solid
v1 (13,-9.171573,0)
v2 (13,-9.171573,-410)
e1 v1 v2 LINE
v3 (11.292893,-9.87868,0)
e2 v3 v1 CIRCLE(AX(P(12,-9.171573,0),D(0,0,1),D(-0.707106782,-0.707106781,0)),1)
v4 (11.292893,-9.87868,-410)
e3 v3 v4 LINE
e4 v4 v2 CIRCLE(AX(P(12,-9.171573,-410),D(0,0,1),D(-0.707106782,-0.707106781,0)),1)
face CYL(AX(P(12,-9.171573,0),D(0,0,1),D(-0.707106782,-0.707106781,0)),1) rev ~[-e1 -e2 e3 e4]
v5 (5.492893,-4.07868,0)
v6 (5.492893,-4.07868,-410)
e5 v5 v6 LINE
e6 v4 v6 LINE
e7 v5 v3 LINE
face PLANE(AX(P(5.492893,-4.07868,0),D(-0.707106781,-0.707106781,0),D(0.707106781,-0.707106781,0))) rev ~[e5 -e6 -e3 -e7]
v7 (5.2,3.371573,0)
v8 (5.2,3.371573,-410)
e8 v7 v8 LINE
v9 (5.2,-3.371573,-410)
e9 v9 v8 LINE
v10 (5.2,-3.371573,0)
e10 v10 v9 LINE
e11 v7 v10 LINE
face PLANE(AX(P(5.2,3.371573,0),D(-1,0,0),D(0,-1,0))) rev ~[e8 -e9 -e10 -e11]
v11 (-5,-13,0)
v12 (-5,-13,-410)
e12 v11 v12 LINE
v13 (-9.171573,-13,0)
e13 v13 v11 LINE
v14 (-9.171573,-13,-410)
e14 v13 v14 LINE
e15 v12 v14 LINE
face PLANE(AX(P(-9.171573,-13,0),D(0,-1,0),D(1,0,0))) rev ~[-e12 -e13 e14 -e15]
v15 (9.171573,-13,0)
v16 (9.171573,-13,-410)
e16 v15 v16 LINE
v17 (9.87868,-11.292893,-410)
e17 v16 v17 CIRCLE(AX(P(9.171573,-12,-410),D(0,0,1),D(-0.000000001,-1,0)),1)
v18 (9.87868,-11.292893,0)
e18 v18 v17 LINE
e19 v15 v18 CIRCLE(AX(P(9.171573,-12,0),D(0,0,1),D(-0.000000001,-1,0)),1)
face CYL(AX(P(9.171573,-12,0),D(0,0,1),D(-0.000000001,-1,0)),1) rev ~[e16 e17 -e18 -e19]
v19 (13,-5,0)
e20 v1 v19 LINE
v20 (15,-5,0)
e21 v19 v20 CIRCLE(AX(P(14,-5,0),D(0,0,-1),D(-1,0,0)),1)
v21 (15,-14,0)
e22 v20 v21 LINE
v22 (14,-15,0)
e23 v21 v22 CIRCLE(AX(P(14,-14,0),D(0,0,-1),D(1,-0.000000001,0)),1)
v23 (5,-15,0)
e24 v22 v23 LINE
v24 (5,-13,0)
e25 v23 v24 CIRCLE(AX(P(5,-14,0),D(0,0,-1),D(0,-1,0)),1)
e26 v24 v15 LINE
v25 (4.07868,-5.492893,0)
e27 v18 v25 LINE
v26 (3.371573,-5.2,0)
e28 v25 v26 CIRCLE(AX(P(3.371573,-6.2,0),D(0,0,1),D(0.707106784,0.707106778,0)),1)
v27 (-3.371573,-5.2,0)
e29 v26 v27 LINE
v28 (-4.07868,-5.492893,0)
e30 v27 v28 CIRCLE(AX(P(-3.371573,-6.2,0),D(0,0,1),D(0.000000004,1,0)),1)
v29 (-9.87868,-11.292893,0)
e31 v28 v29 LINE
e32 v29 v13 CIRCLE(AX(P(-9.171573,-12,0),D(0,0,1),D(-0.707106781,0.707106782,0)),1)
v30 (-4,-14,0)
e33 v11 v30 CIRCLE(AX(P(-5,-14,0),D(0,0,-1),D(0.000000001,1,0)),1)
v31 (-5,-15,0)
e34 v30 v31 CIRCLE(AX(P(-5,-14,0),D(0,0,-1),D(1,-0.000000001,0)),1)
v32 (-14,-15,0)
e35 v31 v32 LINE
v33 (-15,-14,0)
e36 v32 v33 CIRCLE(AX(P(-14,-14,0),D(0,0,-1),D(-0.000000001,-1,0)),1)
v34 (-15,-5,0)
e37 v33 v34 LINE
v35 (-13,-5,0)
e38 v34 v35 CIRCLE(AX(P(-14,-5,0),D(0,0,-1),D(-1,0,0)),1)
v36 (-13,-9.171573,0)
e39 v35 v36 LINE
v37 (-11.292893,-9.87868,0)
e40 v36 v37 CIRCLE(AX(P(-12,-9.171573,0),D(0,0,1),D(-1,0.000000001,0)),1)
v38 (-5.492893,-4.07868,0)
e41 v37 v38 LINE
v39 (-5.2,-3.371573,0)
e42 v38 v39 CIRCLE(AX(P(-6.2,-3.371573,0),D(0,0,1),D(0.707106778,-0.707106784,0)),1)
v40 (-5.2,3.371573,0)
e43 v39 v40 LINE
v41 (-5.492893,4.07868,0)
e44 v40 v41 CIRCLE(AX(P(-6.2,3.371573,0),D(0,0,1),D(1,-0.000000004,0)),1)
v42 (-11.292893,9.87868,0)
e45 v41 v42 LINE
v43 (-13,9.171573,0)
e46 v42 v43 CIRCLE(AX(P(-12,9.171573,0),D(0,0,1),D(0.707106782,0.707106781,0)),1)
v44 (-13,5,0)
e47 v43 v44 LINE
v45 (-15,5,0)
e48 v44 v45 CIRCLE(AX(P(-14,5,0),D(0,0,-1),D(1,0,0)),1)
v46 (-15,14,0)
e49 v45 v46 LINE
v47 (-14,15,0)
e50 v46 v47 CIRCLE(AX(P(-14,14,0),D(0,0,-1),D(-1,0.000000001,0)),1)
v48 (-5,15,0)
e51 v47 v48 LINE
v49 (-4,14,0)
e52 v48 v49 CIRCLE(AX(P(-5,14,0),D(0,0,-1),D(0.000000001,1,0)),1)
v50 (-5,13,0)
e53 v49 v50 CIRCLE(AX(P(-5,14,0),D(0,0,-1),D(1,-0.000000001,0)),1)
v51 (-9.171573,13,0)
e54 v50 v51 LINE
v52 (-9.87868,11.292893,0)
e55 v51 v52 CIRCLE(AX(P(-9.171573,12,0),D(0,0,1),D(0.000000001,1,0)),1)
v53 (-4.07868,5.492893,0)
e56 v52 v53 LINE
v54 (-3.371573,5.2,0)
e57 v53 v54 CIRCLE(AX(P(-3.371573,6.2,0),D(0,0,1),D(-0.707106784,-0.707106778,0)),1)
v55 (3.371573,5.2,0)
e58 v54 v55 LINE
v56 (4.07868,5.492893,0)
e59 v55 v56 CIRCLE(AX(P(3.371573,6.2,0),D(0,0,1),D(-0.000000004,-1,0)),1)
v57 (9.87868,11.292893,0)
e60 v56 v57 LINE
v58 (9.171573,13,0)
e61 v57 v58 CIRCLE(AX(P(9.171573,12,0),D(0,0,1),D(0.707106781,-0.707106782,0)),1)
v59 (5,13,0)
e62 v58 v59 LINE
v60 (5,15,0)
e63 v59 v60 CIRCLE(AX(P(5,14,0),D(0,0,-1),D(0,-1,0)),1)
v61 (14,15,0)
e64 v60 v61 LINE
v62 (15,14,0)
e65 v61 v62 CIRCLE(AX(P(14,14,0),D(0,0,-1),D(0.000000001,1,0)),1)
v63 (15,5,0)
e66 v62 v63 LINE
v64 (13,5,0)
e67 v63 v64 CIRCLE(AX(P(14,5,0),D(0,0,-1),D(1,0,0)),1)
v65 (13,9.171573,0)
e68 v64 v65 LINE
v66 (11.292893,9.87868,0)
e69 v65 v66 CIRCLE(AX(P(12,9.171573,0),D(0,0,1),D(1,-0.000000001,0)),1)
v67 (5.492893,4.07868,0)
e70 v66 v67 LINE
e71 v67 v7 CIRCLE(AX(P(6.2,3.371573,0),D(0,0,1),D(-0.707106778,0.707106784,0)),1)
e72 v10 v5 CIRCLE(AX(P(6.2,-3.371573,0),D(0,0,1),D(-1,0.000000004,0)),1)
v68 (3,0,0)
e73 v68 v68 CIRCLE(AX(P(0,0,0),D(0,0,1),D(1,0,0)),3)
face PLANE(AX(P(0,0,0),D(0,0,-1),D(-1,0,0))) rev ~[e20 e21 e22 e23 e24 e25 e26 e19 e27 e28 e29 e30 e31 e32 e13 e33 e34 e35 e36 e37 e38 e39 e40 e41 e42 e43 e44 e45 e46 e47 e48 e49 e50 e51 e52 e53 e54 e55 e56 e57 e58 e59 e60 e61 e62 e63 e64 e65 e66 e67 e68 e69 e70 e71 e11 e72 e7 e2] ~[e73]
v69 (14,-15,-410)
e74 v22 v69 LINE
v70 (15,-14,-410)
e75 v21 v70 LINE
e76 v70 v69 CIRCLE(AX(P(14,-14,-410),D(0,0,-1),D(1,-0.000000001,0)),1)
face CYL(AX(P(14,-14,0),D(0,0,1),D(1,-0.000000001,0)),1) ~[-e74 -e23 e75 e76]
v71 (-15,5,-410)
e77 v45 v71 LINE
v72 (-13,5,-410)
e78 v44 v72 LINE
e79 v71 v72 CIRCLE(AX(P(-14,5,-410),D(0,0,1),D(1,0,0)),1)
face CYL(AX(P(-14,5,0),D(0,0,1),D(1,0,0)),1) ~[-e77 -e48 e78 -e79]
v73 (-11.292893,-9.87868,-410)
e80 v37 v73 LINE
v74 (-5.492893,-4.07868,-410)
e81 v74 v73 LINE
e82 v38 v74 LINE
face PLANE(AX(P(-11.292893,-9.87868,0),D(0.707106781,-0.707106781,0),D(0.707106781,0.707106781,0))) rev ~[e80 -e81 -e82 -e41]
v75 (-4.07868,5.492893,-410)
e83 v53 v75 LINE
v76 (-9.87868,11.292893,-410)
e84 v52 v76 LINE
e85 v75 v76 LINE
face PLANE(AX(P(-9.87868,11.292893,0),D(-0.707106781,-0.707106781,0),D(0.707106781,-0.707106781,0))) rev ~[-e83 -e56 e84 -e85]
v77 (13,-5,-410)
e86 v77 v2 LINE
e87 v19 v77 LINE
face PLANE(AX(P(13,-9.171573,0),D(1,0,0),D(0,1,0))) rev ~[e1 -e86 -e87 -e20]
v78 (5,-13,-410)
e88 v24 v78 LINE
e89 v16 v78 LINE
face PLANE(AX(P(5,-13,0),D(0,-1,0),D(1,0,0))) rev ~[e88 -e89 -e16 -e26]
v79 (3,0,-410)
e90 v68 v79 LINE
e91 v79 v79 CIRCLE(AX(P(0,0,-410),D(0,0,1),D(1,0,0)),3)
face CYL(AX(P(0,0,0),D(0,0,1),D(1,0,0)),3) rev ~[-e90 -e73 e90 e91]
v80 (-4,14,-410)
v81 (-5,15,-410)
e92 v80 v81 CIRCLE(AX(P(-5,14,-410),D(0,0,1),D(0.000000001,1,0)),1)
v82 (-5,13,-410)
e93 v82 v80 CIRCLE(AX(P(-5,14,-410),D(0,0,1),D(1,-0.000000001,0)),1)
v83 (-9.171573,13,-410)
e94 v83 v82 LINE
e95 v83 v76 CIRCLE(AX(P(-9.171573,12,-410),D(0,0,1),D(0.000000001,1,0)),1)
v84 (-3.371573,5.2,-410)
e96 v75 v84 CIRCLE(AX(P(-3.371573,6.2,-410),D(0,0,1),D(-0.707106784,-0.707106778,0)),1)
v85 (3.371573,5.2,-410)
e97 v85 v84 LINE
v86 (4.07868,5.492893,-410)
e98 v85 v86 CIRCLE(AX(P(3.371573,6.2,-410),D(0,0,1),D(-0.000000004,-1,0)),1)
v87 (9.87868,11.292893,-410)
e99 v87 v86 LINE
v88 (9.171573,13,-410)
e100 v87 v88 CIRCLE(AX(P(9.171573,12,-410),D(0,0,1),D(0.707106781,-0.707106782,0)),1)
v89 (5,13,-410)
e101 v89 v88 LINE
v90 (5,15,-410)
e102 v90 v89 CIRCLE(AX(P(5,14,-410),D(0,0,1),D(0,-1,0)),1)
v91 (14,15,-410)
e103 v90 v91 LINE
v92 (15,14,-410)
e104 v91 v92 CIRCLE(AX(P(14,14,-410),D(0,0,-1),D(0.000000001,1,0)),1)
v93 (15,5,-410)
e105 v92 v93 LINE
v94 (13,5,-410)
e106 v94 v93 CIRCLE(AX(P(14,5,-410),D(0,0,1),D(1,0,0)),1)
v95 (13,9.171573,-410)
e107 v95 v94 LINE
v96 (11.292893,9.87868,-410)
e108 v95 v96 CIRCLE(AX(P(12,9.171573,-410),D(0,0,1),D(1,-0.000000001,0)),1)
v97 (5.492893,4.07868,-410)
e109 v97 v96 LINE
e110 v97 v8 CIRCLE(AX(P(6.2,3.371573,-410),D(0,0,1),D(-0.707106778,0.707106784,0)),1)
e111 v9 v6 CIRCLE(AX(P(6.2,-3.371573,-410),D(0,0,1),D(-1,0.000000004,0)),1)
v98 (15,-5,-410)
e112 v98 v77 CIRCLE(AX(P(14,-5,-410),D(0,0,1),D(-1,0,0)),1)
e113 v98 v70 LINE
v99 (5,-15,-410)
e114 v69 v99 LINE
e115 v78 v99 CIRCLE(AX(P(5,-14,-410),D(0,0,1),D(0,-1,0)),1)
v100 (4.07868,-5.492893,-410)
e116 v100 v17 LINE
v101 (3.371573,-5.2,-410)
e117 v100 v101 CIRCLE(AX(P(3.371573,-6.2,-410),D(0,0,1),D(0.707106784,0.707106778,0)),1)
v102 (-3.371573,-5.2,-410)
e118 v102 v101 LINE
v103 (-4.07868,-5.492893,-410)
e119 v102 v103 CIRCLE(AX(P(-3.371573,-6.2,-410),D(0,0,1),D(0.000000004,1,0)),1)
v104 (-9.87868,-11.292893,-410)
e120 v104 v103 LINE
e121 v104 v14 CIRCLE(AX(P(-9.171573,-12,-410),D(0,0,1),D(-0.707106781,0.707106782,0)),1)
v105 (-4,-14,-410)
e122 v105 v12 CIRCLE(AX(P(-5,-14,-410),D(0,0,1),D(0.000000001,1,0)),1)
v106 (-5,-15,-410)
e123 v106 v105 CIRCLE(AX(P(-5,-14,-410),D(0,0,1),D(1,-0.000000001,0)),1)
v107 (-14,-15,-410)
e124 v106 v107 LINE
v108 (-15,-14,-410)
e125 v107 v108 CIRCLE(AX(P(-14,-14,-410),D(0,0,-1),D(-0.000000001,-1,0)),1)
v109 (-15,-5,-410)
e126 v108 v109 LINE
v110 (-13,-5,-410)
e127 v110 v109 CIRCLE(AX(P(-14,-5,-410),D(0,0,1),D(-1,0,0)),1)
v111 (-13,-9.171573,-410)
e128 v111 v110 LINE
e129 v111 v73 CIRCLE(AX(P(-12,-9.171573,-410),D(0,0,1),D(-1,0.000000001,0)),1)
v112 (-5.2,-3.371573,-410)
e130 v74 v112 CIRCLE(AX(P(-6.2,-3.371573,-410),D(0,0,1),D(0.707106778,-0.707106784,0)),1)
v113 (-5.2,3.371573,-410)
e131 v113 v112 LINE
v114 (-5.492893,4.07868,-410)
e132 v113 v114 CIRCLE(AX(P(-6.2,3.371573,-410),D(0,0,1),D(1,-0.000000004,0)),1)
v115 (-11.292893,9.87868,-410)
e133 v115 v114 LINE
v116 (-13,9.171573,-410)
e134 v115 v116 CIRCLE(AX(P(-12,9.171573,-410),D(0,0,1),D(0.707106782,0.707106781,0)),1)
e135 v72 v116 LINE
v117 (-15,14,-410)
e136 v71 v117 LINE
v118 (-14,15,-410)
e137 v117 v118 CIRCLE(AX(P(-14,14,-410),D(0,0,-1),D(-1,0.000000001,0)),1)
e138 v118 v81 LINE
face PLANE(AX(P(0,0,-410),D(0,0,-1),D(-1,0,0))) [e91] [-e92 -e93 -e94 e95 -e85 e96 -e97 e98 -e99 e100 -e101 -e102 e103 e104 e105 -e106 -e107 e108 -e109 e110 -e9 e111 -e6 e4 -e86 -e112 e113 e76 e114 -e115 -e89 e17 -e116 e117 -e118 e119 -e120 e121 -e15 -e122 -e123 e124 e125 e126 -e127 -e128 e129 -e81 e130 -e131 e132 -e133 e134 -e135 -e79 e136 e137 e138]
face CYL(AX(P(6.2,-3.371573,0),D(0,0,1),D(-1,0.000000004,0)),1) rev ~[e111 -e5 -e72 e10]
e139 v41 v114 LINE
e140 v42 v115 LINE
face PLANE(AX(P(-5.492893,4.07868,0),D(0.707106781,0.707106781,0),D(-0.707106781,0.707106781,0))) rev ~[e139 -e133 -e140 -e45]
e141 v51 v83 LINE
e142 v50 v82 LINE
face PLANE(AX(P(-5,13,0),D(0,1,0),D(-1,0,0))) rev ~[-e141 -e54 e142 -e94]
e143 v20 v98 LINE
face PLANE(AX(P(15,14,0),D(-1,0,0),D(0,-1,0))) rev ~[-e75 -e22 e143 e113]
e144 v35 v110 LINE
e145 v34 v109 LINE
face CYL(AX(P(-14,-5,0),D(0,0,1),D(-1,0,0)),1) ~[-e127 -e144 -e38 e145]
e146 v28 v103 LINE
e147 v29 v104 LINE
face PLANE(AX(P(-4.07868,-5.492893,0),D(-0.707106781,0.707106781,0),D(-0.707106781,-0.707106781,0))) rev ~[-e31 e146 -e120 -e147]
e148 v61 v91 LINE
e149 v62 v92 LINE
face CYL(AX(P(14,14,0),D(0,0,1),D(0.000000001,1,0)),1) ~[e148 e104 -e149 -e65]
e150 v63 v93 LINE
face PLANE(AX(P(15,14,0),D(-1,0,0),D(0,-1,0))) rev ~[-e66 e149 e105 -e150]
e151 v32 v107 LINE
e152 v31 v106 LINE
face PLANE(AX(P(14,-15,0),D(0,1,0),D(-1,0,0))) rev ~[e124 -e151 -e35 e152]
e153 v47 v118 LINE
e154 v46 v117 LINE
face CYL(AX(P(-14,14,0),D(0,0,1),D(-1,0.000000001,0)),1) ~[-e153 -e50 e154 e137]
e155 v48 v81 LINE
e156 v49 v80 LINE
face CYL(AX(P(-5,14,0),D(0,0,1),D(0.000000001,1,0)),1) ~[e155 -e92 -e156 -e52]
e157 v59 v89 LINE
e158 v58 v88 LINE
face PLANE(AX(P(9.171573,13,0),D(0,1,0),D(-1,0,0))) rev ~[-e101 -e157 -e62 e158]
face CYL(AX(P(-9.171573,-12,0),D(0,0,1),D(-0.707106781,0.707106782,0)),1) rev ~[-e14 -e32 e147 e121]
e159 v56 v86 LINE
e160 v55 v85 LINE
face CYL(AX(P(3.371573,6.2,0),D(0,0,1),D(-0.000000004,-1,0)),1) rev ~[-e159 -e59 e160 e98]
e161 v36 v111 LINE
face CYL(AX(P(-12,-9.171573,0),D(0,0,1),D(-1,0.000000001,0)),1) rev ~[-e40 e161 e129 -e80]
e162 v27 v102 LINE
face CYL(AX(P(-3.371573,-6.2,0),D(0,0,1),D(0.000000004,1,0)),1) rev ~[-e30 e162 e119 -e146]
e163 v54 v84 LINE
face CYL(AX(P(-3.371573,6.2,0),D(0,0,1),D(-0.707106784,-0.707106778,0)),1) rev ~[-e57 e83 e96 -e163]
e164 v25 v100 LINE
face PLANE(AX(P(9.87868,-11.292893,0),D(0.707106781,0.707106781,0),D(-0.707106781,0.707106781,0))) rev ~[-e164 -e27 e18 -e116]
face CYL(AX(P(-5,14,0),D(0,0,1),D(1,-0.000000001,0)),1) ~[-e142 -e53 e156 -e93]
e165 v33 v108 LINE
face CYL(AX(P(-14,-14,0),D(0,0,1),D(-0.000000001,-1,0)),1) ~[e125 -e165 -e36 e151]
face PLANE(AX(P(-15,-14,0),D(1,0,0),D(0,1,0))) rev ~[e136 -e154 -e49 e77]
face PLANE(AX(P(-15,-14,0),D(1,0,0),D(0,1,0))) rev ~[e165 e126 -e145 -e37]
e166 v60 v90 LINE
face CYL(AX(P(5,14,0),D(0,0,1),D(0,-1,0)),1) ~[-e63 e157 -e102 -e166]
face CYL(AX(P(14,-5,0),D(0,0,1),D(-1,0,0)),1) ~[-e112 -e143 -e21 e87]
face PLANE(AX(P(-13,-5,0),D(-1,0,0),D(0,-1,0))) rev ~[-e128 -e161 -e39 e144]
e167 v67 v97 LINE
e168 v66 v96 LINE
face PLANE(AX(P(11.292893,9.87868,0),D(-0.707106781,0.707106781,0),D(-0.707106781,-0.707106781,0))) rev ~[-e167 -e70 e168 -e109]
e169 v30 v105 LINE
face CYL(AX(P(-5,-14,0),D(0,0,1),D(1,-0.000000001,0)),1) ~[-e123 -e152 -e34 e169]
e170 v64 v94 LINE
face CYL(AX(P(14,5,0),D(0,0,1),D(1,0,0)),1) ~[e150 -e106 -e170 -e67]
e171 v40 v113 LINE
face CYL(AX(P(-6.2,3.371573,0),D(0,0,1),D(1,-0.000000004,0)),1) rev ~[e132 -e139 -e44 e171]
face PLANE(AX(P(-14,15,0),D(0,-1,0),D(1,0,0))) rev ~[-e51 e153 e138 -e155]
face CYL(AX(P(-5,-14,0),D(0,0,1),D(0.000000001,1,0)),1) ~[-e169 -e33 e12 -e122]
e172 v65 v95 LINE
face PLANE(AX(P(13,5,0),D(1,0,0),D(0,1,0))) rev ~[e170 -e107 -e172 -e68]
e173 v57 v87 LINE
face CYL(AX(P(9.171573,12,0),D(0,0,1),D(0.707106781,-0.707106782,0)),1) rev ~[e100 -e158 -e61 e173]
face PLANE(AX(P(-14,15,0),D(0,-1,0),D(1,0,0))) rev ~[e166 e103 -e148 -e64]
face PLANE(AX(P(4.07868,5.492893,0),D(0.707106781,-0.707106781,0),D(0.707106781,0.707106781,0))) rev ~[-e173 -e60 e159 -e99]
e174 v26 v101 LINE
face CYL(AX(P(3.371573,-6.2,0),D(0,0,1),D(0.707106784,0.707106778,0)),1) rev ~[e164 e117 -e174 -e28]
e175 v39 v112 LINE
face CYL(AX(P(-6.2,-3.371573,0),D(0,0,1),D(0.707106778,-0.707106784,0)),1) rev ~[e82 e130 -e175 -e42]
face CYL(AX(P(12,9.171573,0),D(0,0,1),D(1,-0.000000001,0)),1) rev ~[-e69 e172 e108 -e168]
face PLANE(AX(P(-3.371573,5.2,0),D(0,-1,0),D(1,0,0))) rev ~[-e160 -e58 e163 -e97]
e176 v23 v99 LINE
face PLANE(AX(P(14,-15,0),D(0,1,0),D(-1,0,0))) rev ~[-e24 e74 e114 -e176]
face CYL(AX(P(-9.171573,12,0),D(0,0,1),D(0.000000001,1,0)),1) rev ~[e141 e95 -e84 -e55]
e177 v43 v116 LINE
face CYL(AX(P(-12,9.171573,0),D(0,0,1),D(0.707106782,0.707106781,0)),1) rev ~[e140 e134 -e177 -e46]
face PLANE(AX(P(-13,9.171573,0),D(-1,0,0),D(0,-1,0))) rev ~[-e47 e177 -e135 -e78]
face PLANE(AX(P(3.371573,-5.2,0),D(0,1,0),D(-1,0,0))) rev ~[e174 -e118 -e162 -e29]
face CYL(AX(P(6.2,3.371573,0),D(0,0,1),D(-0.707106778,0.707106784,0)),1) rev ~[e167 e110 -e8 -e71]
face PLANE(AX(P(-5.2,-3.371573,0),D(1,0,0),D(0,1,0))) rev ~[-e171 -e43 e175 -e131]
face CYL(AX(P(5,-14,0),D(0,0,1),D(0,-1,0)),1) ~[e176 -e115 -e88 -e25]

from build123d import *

# Parameters (mm, degrees)
SALIENTE_EXTRUIR1_DEPTH = 410
CROQUIS2_R              = 3
CORTAR_EXTRUIR1_DEPTH   = 411.54841371
CORTAR_EXTRUIR3_DEPTH   = 411.54841371


with BuildPart() as part:
    # Croquis1 → Saliente-Extruir1 (new body)
    with BuildSketch(Plane.XY):
        with BuildLine():
            Line((-14, 15), (14, 15))
            ThreePointArc((14, 15), (14.707106781, 14.707106781), (15, 14))
            Line((15, 14), (15, -14))
            ThreePointArc((15, -14), (14.707106781, -14.707106781), (14, -15))
            Line((14, -15), (-14, -15))
            ThreePointArc((-14, -15), (-14.707106781, -14.707106781), (-15, -14))
            Line((-15, -14), (-15, 14))
            ThreePointArc((-15, 14), (-14.707106781, 14.707106781), (-14, 15))
        make_face()
    extrude(amount=-SALIENTE_EXTRUIR1_DEPTH)

    # Croquis2 → Cortar-Extruir1 (cut, through all)
    with BuildSketch(Plane.XY):
        Circle(CROQUIS2_R)
    extrude(amount=-CORTAR_EXTRUIR1_DEPTH, mode=Mode.SUBTRACT)

    # Croquis3 → Cortar-Extruir3 (cut, through all)
    with BuildSketch(Plane.XY):
        with BuildLine():
            Line((-5.492893219, 4.078679656), (-11.292893219, 9.878679656))
            ThreePointArc((-11.292893219, 9.878679656), (-12.382683432, 10.095452408), (-13, 9.171572875))
            Line((-13, 9.171572875), (-13, 5))
            ThreePointArc((-13, 5), (-14, 4), (-15, 5))
            Line((-15, 5), (-15, -5))
            ThreePointArc((-15, -5), (-14, -4), (-13, -5))
            Line((-13, -5), (-13, -9.171572875))
            ThreePointArc((-13, -9.171572875), (-12.382683432, -10.095452408), (-11.292893219, -9.878679656))
            Line((-11.292893219, -9.878679656), (-5.492893219, -4.078679656))
            ThreePointArc((-5.492893219, -4.078679656), (-5.276120467, -3.754256308), (-5.2, -3.371572875))
            Line((-5.2, -3.371572875), (-5.2, 3.371572875))
            ThreePointArc((-5.2, 3.371572875), (-5.276120467, 3.754256308), (-5.492893219, 4.078679656))
        make_face()
        with BuildLine():
            ThreePointArc((-9.171572875, 13), (-10.095452408, 12.382683432), (-9.878679656, 11.292893219))
            Line((-9.878679656, 11.292893219), (-4.078679656, 5.492893219))
            ThreePointArc((-4.078679656, 5.492893219), (-3.754256308, 5.276120467), (-3.371572875, 5.2))
            Line((-3.371572875, 5.2), (3.371572875, 5.2))
            ThreePointArc((3.371572875, 5.2), (3.754256308, 5.276120467), (4.078679656, 5.492893219))
            Line((4.078679656, 5.492893219), (9.878679656, 11.292893219))
            ThreePointArc((9.878679656, 11.292893219), (10.095452408, 12.382683432), (9.171572875, 13))
            Line((9.171572875, 13), (5, 13))
            ThreePointArc((5, 13), (4, 14), (5, 15))
            Line((5, 15), (-5, 15))
            ThreePointArc((-5, 15), (-4.292893219, 14.707106781), (-4, 14))
            ThreePointArc((-4, 14), (-4.292893219, 13.292893219), (-5, 13))
            Line((-5, 13), (-9.171572875, 13))
        make_face()
        with BuildLine():
            Line((9.878679656, -11.292893219), (4.078679656, -5.492893219))
            ThreePointArc((4.078679656, -5.492893219), (3.754256308, -5.276120467), (3.371572875, -5.2))
            Line((3.371572875, -5.2), (-3.371572875, -5.2))
            ThreePointArc((-3.371572875, -5.2), (-3.754256308, -5.276120467), (-4.078679656, -5.492893219))
            Line((-4.078679656, -5.492893219), (-9.878679656, -11.292893219))
            ThreePointArc((-9.878679656, -11.292893219), (-10.095452408, -12.382683432), (-9.171572875, -13))
            Line((-9.171572875, -13), (-5, -13))
            ThreePointArc((-5, -13), (-4.292893219, -13.292893219), (-4, -14))
            ThreePointArc((-4, -14), (-4.292893219, -14.707106781), (-5, -15))
            Line((-5, -15), (5, -15))
            ThreePointArc((5, -15), (4, -14), (5, -13))
            Line((5, -13), (9.171572875, -13))
            ThreePointArc((9.171572875, -13), (10.095452408, -12.382683432), (9.878679656, -11.292893219))
        make_face()
        with BuildLine():
            ThreePointArc((13, 9.171572875), (12.382683432, 10.095452408), (11.292893219, 9.878679656))
            Line((11.292893219, 9.878679656), (5.492893219, 4.078679656))
            ThreePointArc((5.492893219, 4.078679656), (5.276120467, 3.754256308), (5.2, 3.371572875))
            Line((5.2, 3.371572875), (5.2, -3.371572875))
            ThreePointArc((5.2, -3.371572875), (5.276120467, -3.754256308), (5.492893219, -4.078679656))
            Line((5.492893219, -4.078679656), (11.292893219, -9.878679656))
            ThreePointArc((11.292893219, -9.878679656), (12.382683432, -10.095452408), (13, -9.171572875))
            Line((13, -9.171572875), (13, -5))
            ThreePointArc((13, -5), (14, -4), (15, -5))
            Line((15, -5), (15, 5))
            ThreePointArc((15, 5), (14, 4), (13, 5))
            Line((13, 5), (13, 9.171572875))
        make_face()
    extrude(amount=-CORTAR_EXTRUIR3_DEPTH, mode=Mode.SUBTRACT)


solid = part.part
